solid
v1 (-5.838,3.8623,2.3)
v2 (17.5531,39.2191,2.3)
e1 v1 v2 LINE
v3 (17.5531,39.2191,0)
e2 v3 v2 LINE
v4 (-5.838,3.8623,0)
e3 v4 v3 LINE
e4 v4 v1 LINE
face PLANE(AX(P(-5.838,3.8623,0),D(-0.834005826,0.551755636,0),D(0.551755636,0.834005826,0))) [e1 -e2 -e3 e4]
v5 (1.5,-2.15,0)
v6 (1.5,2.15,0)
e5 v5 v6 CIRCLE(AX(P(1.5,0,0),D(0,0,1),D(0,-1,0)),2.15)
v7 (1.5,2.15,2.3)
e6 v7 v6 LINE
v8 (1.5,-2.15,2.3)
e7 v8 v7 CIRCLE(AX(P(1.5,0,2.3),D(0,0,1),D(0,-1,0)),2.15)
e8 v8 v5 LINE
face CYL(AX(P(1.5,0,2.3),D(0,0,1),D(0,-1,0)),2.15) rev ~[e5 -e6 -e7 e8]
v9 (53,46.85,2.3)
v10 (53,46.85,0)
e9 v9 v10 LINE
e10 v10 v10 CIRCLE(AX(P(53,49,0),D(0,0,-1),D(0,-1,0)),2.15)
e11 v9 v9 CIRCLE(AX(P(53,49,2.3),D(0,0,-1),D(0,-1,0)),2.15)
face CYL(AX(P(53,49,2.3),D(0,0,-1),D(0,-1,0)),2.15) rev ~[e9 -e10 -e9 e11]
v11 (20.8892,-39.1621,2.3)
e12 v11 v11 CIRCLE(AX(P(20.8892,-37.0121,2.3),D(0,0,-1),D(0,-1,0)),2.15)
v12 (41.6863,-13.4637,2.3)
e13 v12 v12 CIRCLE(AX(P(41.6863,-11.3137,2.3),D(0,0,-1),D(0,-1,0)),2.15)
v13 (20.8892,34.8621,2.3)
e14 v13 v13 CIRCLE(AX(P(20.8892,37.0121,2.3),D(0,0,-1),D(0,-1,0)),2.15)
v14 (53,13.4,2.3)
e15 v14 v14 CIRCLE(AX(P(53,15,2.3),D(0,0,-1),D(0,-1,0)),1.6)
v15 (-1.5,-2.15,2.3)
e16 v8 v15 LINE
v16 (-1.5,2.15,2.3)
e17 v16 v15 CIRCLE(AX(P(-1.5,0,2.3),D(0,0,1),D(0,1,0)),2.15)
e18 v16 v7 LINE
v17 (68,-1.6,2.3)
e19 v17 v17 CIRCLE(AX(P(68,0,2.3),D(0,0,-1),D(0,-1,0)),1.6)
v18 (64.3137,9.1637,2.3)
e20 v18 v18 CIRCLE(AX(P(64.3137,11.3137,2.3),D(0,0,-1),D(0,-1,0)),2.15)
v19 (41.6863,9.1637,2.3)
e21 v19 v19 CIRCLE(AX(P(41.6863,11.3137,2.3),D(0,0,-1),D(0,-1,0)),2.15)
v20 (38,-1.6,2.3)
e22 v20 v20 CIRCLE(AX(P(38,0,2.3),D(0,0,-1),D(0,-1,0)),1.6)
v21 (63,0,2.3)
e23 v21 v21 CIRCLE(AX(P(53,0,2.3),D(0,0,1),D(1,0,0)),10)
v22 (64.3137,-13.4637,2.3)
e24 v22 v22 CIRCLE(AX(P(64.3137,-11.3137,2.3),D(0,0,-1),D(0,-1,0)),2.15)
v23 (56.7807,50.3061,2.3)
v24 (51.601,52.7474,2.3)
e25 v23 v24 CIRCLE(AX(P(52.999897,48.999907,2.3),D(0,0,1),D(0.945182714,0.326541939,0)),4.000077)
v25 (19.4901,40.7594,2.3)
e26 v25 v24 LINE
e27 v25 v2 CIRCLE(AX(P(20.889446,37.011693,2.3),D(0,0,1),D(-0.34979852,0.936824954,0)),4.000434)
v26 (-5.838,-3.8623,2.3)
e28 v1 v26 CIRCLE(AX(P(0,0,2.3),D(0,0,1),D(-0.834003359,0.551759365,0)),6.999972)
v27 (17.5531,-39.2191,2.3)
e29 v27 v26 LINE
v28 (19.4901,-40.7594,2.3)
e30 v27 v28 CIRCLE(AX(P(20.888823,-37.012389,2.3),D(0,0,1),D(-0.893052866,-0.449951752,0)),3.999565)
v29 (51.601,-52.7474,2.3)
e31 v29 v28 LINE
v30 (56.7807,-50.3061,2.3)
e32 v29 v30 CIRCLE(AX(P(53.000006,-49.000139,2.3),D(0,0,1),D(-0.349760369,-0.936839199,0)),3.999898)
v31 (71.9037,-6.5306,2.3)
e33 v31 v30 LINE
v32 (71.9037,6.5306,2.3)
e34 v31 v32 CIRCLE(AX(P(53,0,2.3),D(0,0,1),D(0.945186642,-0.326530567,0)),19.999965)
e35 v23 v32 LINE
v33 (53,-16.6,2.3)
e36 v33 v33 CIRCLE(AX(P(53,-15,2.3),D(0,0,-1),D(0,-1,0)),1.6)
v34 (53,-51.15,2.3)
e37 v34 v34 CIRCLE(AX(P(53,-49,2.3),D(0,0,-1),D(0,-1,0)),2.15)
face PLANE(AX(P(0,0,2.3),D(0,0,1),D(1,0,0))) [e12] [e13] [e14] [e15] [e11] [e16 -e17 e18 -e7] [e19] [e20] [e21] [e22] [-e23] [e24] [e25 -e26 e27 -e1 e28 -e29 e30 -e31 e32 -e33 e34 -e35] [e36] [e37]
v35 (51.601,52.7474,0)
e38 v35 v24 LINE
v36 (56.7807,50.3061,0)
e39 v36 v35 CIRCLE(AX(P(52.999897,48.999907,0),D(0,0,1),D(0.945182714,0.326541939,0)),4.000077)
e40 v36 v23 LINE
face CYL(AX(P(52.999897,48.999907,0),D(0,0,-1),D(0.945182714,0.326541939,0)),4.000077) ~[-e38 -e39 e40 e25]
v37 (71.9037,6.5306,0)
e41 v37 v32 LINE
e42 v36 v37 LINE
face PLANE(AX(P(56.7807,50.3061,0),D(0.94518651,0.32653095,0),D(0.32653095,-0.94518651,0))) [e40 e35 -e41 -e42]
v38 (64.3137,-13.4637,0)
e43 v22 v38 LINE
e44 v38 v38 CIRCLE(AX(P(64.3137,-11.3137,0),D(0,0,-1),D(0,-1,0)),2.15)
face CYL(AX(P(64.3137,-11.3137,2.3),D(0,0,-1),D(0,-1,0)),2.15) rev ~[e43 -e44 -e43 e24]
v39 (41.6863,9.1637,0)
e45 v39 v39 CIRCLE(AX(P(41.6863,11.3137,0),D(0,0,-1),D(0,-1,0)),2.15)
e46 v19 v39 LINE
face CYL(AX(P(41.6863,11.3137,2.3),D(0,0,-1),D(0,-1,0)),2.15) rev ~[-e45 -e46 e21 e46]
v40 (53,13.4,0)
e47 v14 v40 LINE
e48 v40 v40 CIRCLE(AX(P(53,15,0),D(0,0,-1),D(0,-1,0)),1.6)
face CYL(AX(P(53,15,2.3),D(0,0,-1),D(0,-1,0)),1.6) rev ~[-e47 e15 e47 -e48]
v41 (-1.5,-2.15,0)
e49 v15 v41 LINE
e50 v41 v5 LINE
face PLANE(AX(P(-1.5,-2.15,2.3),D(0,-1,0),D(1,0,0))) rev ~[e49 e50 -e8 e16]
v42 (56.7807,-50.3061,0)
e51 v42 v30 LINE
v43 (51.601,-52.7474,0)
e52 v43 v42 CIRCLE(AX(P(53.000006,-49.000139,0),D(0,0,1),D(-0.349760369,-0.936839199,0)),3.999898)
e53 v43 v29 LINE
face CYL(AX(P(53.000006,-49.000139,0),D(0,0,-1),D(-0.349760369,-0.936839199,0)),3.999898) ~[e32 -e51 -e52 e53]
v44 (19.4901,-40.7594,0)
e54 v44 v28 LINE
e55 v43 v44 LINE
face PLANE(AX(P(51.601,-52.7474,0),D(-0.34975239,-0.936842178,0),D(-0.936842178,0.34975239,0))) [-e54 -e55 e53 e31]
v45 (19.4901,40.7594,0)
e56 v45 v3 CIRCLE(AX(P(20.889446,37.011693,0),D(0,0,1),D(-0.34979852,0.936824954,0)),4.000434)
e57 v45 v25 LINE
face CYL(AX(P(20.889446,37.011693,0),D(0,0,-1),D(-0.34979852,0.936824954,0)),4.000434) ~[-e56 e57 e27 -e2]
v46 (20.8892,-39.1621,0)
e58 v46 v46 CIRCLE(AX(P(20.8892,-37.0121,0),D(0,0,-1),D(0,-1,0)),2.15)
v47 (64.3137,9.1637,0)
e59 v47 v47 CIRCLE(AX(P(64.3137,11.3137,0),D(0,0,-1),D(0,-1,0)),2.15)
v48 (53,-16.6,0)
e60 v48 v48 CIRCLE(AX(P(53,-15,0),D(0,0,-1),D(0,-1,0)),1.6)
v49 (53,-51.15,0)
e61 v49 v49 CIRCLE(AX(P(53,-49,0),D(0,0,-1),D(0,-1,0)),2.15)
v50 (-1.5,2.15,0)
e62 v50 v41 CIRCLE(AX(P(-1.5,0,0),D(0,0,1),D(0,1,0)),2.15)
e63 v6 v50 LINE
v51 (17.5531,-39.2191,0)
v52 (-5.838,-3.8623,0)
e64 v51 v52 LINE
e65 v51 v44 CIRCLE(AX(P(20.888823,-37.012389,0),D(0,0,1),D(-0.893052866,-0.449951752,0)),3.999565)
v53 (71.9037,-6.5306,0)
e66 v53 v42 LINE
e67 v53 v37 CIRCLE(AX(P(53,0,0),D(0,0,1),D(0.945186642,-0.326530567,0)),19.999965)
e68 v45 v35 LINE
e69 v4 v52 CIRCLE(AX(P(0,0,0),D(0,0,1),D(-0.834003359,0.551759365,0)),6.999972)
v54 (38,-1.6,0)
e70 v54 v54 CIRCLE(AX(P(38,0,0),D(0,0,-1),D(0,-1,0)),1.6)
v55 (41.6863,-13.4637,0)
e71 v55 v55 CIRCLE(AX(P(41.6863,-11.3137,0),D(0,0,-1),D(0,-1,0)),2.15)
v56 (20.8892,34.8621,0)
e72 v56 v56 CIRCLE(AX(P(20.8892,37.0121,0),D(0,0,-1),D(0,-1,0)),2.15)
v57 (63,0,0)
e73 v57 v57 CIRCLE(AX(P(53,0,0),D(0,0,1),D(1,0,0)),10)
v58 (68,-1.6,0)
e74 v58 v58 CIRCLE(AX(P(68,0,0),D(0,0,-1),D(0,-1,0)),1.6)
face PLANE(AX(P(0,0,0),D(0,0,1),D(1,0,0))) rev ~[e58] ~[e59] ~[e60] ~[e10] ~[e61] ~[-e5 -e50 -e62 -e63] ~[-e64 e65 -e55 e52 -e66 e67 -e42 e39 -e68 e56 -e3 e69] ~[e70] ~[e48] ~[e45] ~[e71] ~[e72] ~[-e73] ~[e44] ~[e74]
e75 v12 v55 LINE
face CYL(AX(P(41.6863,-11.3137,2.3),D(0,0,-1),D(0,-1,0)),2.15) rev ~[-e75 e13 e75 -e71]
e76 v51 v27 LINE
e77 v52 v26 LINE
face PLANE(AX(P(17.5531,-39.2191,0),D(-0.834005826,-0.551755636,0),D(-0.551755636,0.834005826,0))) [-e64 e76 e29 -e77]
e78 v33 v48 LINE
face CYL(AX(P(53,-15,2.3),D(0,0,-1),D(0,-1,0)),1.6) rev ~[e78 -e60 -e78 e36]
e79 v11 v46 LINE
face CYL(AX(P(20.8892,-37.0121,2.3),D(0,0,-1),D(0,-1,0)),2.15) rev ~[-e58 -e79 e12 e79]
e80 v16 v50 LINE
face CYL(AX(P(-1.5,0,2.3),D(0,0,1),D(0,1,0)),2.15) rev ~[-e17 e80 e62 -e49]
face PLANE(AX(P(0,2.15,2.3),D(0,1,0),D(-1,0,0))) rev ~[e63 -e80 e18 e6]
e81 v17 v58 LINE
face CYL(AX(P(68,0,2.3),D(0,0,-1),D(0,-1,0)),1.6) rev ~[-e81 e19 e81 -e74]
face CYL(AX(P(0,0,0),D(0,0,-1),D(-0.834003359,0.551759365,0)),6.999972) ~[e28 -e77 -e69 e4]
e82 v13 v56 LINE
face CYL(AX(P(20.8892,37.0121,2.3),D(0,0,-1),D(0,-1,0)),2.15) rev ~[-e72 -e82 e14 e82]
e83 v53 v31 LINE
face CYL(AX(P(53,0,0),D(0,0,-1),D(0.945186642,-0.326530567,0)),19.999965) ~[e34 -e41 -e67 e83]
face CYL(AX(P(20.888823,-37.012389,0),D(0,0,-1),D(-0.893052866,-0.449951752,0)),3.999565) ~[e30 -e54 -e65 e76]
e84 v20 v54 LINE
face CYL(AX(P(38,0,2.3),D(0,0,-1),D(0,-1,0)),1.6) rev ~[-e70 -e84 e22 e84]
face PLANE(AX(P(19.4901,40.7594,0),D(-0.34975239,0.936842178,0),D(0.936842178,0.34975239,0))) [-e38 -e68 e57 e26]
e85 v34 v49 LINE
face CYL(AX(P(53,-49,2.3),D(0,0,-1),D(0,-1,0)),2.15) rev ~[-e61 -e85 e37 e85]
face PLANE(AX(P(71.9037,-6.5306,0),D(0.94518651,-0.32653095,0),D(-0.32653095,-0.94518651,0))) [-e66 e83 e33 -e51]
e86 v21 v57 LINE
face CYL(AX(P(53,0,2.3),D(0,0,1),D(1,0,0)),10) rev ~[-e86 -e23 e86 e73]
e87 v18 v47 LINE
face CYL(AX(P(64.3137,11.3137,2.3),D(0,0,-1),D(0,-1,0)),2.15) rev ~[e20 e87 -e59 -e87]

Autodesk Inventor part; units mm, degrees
ref_plane "YZ Plane" through (0, 0, 0) normal (1, 0, 0) x (0, 1, 0)
ref_plane "XZ Plane" through (0, 0, 0) normal (0, 1, 0) x (-1, 0, 0)
ref_plane "XY Plane" through (0, 0, 0) normal (0, 0, 1) x (1, 0, 0)
sketch "スケッチ1" plane through (0, 0, 0) normal (0, 0, 1) x (1, 0, 0)
  circle A0 centre (0, 0) radius 42.5 construction
  arc A1 (71.9037, -6.5306) -> (71.9037, 6.5306) centre (53, 0) ccw
  circle A2 centre (53, 0) radius 49 construction
  arc A3 (-5.838, 3.8623) -> (-5.838, -3.8623) centre (0, 0) ccw
  arc A4 (19.4901, 40.7594) -> (17.317, 38.812) centre (20.8892, 37.0121) ccw
  arc A5 (17.317, -38.812) -> (19.4901, -40.7594) centre (20.8892, -37.0121) ccw
  arc A6 (56.7807, 50.3061) -> (51.601, 52.7474) centre (53, 49) ccw
  arc A7 (51.601, -52.7474) -> (56.7807, -50.3061) centre (53, -49) ccw
  line L0 (19.4901, 40.7594) -> (51.601, 52.7474)
  line L1 (56.7807, 50.3061) -> (71.9037, 6.5306)
  line L2 (71.9037, -6.5306) -> (56.7807, -50.3061)
  line L3 (51.601, -52.7474) -> (19.4901, -40.7594)
  line L4 (17.5531, -39.2191) -> (-5.838, -3.8623)
  line L5 (-5.838, 3.8623) -> (17.5531, 39.2191)
  dimension "d0" = 53
  dimension "d1" = 40
  dimension "d2" = 98
  dimension "d3" = 85
  dimension "d4" = 14
  dimension "d5" = 8
  dimension "d6" = 8
  dimension "d7" = 8
  dimension "d8" = 8
extrude "プレート1" add sketch "スケッチ1" along normal blind 2.3
sketch "スケッチ2" plane through (0, 0, 2.3) normal (0, 0, 1) x (1, 0, 0)
  arc A0 (71.9037, -6.5306) -> (71.9037, 6.5306) centre (53, 0) ccw projected
  line L0 (56.7807, 50.3061) -> (71.9037, 6.5306) projected
  arc A1 (56.7807, 50.3061) -> (51.601, 52.7474) centre (53, 49) ccw projected
  line L1 (19.4901, 40.7594) -> (51.601, 52.7474) projected
  arc A2 (19.4901, 40.7594) -> (17.5531, 39.2191) centre (20.8892, 37.0121) ccw projected
  line L2 (-5.838, 3.8623) -> (17.5531, 39.2191) projected
  arc A3 (-5.838, 3.8623) -> (-5.838, -3.8623) centre (0, 0) ccw projected
  line L3 (17.5531, -39.2191) -> (-5.838, -3.8623) projected
  arc A4 (17.5531, -39.2191) -> (19.4901, -40.7594) centre (20.8892, -37.0121) ccw projected
  line L4 (51.601, -52.7474) -> (19.4901, -40.7594) projected
  arc A5 (51.601, -52.7474) -> (56.7807, -50.3061) centre (53, -49) ccw projected
  line L5 (71.9037, -6.5306) -> (56.7807, -50.3061) projected
hole "穴1" at (53, 49, 2.3) at (53, -49, 2.3) at (20.8892, 37.0121, 2.3) at (20.8892, -37.0121, 2.3) direction (0, 0, -1) diameter 4.3 depth 2.3 clearance for "Flat Head Machine Screw" size "M4" standard "Ansi Metric M Profile"
sketch "スケッチ3" plane through (0, 0, 2.3) normal (0, 0, 1) x (1, 0, 0)
  arc A0 (71.9037, -6.5306) -> (71.9037, 6.5306) centre (53, 0) ccw projected
  circle A1 centre (53, 0) radius 10
  point P0 (0, 0)
  dimension "d17" = 20
extrude "押し出し1" cut sketch "スケッチ3" against normal blind 10
sketch "スケッチ4" plane through (0, 0, 2.3) normal (0, 0, 1) x (1, 0, 0)
  arc A0 (71.9037, -6.5306) -> (71.9037, 6.5306) centre (53, 0) ccw projected
  circle A1 centre (53, 0) radius 15
  point P0 (0, 0)
  point P1 (38, 0)
  point P2 (53, -15)
  point P3 (68, 0)
  point P4 (53, 15)
  dimension "d20" = 30
  dimension "d23" = 360
hole "穴2" at (38, 0, 2.3) at (53, -15, 2.3) at (68, 0, 2.3) at (53, 15, 2.3) direction (0, 0, -1) diameter 3.2 depth 2.3 clearance for "Flat Head Machine Screw" size "M3" standard "Ansi Metric M Profile"
sketch "スケッチ5" plane through (0, 0, 2.3) normal (0, 0, 1) x (1, 0, 0)
  arc A0 (71.9037, -6.5306) -> (71.9037, 6.5306) centre (53, 0) ccw projected
  circle A1 centre (53, 0) radius 16
  point P0 (0, 0)
  point P1 (41.6863, 11.3137)
  point P2 (41.6863, -11.3137)
  point P3 (64.3137, -11.3137)
  point P4 (64.3137, 11.3137)
  dimension "d32" = 32
  dimension "d35" = 360
hole "穴3" at (41.6863, 11.3137, 2.3) at (41.6863, -11.3137, 2.3) at (64.3137, -11.3137, 2.3) at (64.3137, 11.3137, 2.3) direction (0, 0, -1) diameter 4.3 depth 2.3 clearance for "Flat Head Machine Screw" size "M4" standard "Ansi Metric M Profile"
sketch "スケッチ6" plane through (0, 0, 2.3) normal (0, 0, 1) x (1, 0, 0)
  arc A0 (-5.838, 3.8623) -> (-5.838, -3.8623) centre (0, 0) ccw projected
hole "穴4" at (0, 0, 2.3) direction (0, 0, -1) diameter 4.3 depth 2.3 clearance for "Flat Head Machine Screw" size "M4" standard "Ansi Metric M Profile"
sketch "スケッチ7" plane through (0, 0, 2.3) normal (0, 0, 1) x (1, 0, 0)
  line L0 (-1.5, 0) -> (1.5, 0) construction
  line L1 (-1.5, -2.15) -> (1.5, -2.15)
  line L2 (1.5, 2.15) -> (-1.5, 2.15)
  arc A0 (-1.5, 2.15) -> (-1.5, -2.15) centre (-1.5, 0) ccw
  arc A1 (1.5, -2.15) -> (1.5, 2.15) centre (1.5, 0) ccw
  circle A2 centre (0, 0) radius 2.15 projected
  point P0 (0, 2.15)
  point P1 (0, -2.15)
  dimension "d51" = 3
extrude "押し出し2" cut sketch "スケッチ7" against normal blind 10
equation "\"d15\" = Thickness"
equation "\"d30\" = Thickness"
equation "\"d42\" = Thickness"
equation "\"d49\" = Thickness"
equation "\"d9\" = Thickness"
equation "\"BendRadius\" = Thickness"
equation "\"BendReliefWidth\" = Thickness"
equation "\"BendReliefDepth\" = 0.5 * Thickness"
equation "\"CornerReliefSize\" = 4 * Thickness"
equation "\"MinimumRemnant\" = 2 * Thickness"
equation "\"TransitionRadius\" = BendRadius"
equation "\"JacobiRadiusSize\" = BendRadius"
equation "\"GapSize\" = Thickness"
equation "\"Thickness\" = 2.3"
properties part number "steel_plate7" material "鋼、炭素鋼"
